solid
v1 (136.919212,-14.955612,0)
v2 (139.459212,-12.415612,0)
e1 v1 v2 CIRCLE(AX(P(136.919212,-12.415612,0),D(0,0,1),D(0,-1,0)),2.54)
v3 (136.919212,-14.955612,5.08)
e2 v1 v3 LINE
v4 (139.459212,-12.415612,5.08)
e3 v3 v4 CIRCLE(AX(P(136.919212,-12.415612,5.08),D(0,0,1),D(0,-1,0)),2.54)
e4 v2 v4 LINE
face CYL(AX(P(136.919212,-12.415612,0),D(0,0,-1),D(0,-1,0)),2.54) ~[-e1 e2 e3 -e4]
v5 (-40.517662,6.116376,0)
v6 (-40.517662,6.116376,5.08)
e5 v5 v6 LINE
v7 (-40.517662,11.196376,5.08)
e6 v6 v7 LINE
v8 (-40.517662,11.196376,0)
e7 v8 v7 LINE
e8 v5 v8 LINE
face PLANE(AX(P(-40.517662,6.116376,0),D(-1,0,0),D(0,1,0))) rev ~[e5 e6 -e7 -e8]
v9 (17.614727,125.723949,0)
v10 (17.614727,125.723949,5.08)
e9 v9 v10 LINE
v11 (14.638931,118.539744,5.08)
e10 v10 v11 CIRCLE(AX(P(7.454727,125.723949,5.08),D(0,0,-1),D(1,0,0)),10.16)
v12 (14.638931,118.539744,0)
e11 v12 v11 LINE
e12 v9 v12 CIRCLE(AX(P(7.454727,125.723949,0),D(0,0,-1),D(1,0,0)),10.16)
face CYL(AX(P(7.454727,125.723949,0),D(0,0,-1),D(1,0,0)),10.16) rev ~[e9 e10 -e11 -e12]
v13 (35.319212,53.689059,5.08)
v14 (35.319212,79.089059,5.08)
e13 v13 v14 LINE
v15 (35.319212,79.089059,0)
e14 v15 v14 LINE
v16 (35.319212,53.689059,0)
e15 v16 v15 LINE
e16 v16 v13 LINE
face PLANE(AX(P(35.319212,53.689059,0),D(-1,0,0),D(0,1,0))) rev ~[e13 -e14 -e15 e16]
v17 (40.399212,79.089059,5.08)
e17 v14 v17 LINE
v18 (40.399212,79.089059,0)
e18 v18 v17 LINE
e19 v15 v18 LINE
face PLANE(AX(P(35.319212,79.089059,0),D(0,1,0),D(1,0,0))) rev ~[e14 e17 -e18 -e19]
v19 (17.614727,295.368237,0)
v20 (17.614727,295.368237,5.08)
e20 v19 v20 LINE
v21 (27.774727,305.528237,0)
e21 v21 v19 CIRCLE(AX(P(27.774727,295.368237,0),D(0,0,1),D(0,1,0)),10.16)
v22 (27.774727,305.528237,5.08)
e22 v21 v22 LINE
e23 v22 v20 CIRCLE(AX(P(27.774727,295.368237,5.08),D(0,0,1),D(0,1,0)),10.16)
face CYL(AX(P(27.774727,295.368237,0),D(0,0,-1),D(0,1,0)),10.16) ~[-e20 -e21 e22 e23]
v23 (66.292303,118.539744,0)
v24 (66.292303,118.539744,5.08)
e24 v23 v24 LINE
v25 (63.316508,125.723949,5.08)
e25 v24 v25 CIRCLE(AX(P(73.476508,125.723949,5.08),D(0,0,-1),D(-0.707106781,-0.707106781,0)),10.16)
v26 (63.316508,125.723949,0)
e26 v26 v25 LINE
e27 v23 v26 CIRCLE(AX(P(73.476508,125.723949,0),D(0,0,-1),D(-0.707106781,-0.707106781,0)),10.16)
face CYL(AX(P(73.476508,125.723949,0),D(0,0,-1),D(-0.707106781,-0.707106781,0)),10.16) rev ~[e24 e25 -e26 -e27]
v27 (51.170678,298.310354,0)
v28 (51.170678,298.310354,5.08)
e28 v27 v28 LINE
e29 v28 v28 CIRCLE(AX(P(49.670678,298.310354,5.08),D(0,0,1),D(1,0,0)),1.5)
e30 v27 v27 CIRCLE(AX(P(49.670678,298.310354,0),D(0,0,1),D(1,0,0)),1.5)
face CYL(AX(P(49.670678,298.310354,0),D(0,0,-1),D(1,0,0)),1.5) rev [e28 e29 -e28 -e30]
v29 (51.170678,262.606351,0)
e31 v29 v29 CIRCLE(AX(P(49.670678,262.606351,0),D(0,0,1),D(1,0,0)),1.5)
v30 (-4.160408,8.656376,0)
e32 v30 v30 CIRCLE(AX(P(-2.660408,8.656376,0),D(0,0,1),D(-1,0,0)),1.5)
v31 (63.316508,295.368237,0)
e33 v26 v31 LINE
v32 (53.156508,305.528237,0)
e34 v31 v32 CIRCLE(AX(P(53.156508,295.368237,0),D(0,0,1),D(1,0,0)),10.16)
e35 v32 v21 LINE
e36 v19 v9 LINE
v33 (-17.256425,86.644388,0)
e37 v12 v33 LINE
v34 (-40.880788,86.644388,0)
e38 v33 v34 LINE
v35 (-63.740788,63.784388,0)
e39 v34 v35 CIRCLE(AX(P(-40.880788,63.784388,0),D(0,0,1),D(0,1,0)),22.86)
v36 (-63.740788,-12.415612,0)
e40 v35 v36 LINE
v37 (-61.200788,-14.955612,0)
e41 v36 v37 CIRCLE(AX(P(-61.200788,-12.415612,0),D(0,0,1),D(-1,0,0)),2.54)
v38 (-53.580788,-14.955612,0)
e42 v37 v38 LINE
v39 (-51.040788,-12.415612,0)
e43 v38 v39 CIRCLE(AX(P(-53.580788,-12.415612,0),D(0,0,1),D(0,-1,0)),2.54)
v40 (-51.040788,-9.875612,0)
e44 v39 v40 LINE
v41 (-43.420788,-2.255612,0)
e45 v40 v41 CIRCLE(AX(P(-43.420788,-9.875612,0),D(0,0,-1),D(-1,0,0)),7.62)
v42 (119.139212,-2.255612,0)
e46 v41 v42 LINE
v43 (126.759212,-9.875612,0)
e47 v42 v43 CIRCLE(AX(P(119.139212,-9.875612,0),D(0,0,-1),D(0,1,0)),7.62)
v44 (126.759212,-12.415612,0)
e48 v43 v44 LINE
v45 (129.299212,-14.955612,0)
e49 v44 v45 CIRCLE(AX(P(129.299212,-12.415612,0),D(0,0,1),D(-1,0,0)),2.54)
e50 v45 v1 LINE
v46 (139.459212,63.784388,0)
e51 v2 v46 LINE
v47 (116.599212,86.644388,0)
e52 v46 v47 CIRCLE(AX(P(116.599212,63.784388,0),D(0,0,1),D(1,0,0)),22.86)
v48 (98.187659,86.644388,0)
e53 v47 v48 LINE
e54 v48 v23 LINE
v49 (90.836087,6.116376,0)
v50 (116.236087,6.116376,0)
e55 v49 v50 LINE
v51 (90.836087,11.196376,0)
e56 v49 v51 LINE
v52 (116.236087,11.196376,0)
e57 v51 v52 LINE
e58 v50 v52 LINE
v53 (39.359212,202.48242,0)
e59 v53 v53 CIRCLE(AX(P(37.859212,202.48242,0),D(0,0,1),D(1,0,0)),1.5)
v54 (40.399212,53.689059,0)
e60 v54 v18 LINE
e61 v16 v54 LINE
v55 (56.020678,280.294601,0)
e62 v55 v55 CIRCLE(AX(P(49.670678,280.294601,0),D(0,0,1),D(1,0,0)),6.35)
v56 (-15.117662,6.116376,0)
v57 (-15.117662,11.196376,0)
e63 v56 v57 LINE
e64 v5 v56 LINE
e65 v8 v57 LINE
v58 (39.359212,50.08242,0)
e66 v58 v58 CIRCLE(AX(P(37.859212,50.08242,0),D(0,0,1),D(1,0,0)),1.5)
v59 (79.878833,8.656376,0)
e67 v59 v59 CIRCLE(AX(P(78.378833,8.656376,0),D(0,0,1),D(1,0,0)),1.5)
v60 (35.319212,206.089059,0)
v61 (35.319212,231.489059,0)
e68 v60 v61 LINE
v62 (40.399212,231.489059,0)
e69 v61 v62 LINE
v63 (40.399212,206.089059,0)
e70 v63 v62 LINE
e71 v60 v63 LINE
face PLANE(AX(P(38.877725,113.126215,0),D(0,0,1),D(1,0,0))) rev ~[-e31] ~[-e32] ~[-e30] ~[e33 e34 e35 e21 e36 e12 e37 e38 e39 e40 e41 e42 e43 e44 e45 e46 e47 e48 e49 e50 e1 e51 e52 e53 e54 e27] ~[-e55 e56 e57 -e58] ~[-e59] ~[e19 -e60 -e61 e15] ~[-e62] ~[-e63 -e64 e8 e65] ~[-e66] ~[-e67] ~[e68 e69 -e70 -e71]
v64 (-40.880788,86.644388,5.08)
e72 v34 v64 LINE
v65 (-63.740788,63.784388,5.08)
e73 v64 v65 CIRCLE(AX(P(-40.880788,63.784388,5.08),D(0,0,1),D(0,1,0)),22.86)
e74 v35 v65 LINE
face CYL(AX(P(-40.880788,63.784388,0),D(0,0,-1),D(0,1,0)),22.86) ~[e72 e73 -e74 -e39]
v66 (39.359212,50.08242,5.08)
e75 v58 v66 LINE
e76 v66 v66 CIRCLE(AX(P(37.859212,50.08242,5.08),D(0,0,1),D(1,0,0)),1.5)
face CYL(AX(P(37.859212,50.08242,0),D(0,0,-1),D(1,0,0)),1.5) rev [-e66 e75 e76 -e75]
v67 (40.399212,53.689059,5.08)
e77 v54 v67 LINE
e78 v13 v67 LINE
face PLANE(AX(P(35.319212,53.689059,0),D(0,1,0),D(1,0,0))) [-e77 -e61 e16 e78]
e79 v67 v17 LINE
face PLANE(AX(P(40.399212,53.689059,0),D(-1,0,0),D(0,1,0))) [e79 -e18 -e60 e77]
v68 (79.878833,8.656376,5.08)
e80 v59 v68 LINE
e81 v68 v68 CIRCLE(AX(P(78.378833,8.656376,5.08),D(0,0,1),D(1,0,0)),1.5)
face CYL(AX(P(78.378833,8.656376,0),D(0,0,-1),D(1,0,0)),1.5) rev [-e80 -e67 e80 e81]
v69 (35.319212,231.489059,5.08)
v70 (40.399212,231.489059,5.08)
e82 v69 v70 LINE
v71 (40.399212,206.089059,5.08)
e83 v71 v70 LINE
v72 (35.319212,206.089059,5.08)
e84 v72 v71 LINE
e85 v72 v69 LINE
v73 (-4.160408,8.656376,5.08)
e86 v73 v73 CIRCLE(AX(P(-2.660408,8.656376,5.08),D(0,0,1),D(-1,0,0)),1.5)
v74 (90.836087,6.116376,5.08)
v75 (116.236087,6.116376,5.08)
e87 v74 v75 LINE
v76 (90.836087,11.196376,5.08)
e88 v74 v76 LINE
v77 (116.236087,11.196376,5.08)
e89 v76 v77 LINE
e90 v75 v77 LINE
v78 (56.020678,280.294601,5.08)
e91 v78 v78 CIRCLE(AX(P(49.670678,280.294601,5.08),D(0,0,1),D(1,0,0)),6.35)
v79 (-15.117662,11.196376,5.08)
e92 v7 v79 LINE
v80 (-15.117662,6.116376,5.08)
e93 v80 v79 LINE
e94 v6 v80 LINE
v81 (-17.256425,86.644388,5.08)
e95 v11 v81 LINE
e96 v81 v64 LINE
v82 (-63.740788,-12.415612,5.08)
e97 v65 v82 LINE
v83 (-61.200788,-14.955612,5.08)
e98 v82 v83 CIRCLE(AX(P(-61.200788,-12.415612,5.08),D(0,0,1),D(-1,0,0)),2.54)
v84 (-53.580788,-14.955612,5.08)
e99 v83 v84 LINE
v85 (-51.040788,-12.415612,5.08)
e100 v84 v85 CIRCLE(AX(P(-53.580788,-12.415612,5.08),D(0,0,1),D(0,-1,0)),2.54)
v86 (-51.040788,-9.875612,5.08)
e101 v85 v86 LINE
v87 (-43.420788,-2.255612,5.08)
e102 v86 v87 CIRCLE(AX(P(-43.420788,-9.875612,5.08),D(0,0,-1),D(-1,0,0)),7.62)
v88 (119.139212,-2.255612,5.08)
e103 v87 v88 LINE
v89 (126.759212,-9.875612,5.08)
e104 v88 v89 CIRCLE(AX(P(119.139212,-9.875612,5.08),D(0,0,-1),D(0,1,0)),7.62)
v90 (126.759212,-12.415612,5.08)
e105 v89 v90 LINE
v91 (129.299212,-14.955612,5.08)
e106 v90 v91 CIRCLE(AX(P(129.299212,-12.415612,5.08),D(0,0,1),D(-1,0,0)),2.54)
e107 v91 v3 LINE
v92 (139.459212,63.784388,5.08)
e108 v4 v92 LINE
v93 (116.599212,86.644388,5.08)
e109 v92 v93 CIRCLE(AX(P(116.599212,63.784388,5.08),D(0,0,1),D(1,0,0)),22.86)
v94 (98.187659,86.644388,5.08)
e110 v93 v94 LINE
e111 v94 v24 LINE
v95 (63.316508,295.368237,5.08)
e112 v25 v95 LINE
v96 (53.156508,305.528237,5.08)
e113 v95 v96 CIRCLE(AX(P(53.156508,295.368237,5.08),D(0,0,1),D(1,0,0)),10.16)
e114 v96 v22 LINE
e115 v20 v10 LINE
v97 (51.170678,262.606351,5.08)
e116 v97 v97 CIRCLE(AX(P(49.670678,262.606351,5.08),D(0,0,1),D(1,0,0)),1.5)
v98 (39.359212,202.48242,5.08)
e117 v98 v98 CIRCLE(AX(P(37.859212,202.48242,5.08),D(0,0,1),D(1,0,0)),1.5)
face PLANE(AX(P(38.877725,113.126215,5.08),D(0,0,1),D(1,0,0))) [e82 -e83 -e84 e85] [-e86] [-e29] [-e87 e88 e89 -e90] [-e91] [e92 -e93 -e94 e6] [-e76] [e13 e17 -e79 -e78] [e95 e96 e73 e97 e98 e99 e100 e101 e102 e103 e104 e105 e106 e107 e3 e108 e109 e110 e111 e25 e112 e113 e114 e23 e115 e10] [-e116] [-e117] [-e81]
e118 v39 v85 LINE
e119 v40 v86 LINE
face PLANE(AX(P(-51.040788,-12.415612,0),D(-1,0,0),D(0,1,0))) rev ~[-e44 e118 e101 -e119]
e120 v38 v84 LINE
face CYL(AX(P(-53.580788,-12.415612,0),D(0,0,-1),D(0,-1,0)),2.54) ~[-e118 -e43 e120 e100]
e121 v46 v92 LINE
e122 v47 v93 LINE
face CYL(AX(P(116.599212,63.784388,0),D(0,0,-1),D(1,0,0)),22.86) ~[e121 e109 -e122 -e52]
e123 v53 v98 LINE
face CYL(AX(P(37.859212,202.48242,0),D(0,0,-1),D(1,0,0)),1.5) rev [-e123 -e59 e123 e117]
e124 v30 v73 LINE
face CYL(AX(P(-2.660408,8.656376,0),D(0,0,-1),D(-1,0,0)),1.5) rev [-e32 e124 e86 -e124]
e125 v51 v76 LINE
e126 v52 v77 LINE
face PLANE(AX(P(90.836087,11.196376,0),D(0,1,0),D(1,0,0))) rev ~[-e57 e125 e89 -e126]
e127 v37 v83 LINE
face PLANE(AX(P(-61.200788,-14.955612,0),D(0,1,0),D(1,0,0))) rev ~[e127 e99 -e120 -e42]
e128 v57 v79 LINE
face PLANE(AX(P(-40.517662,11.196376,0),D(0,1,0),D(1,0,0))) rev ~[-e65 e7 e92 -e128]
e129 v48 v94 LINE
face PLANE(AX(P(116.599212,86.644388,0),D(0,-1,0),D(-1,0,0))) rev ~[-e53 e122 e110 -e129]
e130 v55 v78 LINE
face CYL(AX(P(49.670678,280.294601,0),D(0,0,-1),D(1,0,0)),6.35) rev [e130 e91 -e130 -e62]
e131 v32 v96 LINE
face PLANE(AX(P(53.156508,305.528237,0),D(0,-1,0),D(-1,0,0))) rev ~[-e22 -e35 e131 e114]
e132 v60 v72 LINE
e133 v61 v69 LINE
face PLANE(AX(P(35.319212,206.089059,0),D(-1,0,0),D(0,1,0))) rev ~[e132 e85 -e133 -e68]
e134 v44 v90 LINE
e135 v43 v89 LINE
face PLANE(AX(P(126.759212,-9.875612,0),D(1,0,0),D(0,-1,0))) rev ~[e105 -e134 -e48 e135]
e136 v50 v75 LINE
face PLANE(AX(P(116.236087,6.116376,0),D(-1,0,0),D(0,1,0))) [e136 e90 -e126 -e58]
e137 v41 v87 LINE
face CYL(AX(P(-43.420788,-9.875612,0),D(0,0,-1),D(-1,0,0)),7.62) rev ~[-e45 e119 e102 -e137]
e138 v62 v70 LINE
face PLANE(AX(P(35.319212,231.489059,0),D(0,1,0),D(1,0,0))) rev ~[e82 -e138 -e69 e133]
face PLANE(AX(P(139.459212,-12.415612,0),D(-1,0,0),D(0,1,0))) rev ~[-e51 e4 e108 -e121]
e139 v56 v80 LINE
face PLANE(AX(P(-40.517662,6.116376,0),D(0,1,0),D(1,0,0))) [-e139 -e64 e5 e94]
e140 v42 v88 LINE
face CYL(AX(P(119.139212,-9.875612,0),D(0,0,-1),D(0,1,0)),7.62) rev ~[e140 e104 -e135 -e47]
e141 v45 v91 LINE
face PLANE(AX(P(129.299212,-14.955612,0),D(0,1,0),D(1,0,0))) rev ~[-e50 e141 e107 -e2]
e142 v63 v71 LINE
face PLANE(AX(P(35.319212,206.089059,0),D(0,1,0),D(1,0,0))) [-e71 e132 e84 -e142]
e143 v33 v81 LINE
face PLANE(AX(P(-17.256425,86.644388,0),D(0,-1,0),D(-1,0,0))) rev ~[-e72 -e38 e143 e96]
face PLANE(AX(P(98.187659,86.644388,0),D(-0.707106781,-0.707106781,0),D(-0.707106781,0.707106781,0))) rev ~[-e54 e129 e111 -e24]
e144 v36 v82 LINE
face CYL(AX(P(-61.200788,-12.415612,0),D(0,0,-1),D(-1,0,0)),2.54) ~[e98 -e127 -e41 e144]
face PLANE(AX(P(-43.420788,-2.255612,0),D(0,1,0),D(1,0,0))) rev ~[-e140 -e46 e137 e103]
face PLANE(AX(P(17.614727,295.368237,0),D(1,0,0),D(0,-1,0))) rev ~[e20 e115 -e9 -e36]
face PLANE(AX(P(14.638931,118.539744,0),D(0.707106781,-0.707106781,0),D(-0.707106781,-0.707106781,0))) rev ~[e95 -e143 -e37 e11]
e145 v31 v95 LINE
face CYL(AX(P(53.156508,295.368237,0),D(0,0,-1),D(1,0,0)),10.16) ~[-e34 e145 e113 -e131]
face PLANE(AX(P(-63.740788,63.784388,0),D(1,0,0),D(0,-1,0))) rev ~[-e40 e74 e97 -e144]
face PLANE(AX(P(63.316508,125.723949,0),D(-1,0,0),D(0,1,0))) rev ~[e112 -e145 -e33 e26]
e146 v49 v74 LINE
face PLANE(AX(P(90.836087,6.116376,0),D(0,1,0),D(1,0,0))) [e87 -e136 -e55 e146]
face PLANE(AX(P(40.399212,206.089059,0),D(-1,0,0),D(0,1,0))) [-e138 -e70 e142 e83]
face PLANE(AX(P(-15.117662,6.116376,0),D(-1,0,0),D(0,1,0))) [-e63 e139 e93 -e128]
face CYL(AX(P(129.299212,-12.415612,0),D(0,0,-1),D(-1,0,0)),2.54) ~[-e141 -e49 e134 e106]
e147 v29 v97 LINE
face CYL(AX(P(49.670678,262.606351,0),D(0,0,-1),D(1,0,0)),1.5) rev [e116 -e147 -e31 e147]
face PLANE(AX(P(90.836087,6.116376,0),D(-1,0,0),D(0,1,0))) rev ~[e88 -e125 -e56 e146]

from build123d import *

# Parameters (mm, degrees)
SKETCH1_R           = 1.5
SKETCH1_R_2         = 6.35
SKETCH1_W           = 25.4
SKETCH1_H           = 5.08
SKETCH1_W_2         = 5.08
SKETCH1_H_2         = 25.4
BOSS_EXTRUDE1_DEPTH = 5.08


with BuildPart() as part:
    # Sketch1 → Boss-Extrude1 (new body)
    with BuildSketch(Plane.XY):
        with BuildLine():
            Line((-51.040787545, -12.415612204), (-51.040787545, -9.875612204))
            ThreePointArc((-51.040787545, -9.875612204), (-48.808941218, -4.487458531), (-43.420787545, -2.255612204))
            Line((-43.420787545, -2.255612204), (119.139212455, -2.255612204))
            ThreePointArc((119.139212455, -2.255612204), (124.527366128, -4.487458531), (126.759212455, -9.875612204))
            Line((126.759212455, -9.875612204), (126.759212455, -12.415612204))
            ThreePointArc((126.759212455, -12.415612204), (127.503161231, -14.211663428), (129.299212455, -14.955612204))
            Line((129.299212455, -14.955612204), (136.919212455, -14.955612204))
            ThreePointArc((136.919212455, -14.955612204), (138.715263679, -14.211663428), (139.459212455, -12.415612204))
            Line((139.459212455, -12.415612204), (139.459212455, 63.784387796))
            ThreePointArc((139.459212455, 63.784387796), (132.763673473, 79.948848814), (116.599212455, 86.644387796))
            Line((116.599212455, 86.644387796), (98.187659058, 86.644387796))
            Line((98.187659058, 86.644387796), (66.292302759, 118.539744095))
            ThreePointArc((66.292302759, 118.539744095), (64.089891606, 121.835885319), (63.316507656, 125.723948992))
            Line((63.316507656, 125.723948992), (63.316507656, 295.368236906))
            ThreePointArc((63.316507656, 295.368236906), (60.340712553, 302.552441803), (53.156507656, 305.528236906))
            Line((53.156507656, 305.528236906), (27.774726543, 305.528236906))
            ThreePointArc((27.774726543, 305.528236906), (20.590521646, 302.552441803), (17.614726543, 295.368236906))
            Line((17.614726543, 295.368236906), (17.614726543, 125.723948992))
            ThreePointArc((17.614726543, 125.723948992), (16.841342593, 121.835885319), (14.63893144, 118.539744095))
            Line((14.63893144, 118.539744095), (-17.256424859, 86.644387796))
            Line((-17.256424859, 86.644387796), (-40.880787545, 86.644387796))
            ThreePointArc((-40.880787545, 86.644387796), (-57.045248563, 79.948848814), (-63.740787545, 63.784387796))
            Line((-63.740787545, 63.784387796), (-63.740787545, -12.415612204))
            ThreePointArc((-63.740787545, -12.415612204), (-62.996838769, -14.211663428), (-61.200787545, -14.955612204))
            Line((-61.200787545, -14.955612204), (-53.580787545, -14.955612204))
            ThreePointArc((-53.580787545, -14.955612204), (-51.784736321, -14.211663428), (-51.040787545, -12.415612204))
        make_face()
        with Locations((37.859212455, 50.082420202)):
            Circle(SKETCH1_R, mode=Mode.SUBTRACT)
        with Locations((78.378833182, 8.65637608)):
            Circle(SKETCH1_R, mode=Mode.SUBTRACT)
        with Locations(Location((-2.660408273, 8.65637608, 0), (0, 0, 180))):
            Circle(SKETCH1_R, mode=Mode.SUBTRACT)
        with Locations((49.670678041, 298.310354304)):
            Circle(SKETCH1_R, mode=Mode.SUBTRACT)
        with Locations((49.670678041, 262.606350585)):
            Circle(SKETCH1_R, mode=Mode.SUBTRACT)
        with Locations((49.670678041, 280.294601083)):
            Circle(SKETCH1_R_2, mode=Mode.SUBTRACT)
        with Locations((37.859212455, 202.482420202)):
            Circle(SKETCH1_R, mode=Mode.SUBTRACT)
        with Locations((103.536086771, 8.65637608)):
            Rectangle(SKETCH1_W, SKETCH1_H, mode=Mode.SUBTRACT)
        with Locations((-27.817661861, 8.65637608)):
            Rectangle(SKETCH1_W, SKETCH1_H, mode=Mode.SUBTRACT)
        with Locations((37.859212455, 66.389058861)):
            Rectangle(SKETCH1_W_2, SKETCH1_H_2, mode=Mode.SUBTRACT)
        with Locations((37.859212455, 218.789058861)):
            Rectangle(SKETCH1_W_2, SKETCH1_H_2, mode=Mode.SUBTRACT)
    extrude(amount=BOSS_EXTRUDE1_DEPTH)


solid = part.part
